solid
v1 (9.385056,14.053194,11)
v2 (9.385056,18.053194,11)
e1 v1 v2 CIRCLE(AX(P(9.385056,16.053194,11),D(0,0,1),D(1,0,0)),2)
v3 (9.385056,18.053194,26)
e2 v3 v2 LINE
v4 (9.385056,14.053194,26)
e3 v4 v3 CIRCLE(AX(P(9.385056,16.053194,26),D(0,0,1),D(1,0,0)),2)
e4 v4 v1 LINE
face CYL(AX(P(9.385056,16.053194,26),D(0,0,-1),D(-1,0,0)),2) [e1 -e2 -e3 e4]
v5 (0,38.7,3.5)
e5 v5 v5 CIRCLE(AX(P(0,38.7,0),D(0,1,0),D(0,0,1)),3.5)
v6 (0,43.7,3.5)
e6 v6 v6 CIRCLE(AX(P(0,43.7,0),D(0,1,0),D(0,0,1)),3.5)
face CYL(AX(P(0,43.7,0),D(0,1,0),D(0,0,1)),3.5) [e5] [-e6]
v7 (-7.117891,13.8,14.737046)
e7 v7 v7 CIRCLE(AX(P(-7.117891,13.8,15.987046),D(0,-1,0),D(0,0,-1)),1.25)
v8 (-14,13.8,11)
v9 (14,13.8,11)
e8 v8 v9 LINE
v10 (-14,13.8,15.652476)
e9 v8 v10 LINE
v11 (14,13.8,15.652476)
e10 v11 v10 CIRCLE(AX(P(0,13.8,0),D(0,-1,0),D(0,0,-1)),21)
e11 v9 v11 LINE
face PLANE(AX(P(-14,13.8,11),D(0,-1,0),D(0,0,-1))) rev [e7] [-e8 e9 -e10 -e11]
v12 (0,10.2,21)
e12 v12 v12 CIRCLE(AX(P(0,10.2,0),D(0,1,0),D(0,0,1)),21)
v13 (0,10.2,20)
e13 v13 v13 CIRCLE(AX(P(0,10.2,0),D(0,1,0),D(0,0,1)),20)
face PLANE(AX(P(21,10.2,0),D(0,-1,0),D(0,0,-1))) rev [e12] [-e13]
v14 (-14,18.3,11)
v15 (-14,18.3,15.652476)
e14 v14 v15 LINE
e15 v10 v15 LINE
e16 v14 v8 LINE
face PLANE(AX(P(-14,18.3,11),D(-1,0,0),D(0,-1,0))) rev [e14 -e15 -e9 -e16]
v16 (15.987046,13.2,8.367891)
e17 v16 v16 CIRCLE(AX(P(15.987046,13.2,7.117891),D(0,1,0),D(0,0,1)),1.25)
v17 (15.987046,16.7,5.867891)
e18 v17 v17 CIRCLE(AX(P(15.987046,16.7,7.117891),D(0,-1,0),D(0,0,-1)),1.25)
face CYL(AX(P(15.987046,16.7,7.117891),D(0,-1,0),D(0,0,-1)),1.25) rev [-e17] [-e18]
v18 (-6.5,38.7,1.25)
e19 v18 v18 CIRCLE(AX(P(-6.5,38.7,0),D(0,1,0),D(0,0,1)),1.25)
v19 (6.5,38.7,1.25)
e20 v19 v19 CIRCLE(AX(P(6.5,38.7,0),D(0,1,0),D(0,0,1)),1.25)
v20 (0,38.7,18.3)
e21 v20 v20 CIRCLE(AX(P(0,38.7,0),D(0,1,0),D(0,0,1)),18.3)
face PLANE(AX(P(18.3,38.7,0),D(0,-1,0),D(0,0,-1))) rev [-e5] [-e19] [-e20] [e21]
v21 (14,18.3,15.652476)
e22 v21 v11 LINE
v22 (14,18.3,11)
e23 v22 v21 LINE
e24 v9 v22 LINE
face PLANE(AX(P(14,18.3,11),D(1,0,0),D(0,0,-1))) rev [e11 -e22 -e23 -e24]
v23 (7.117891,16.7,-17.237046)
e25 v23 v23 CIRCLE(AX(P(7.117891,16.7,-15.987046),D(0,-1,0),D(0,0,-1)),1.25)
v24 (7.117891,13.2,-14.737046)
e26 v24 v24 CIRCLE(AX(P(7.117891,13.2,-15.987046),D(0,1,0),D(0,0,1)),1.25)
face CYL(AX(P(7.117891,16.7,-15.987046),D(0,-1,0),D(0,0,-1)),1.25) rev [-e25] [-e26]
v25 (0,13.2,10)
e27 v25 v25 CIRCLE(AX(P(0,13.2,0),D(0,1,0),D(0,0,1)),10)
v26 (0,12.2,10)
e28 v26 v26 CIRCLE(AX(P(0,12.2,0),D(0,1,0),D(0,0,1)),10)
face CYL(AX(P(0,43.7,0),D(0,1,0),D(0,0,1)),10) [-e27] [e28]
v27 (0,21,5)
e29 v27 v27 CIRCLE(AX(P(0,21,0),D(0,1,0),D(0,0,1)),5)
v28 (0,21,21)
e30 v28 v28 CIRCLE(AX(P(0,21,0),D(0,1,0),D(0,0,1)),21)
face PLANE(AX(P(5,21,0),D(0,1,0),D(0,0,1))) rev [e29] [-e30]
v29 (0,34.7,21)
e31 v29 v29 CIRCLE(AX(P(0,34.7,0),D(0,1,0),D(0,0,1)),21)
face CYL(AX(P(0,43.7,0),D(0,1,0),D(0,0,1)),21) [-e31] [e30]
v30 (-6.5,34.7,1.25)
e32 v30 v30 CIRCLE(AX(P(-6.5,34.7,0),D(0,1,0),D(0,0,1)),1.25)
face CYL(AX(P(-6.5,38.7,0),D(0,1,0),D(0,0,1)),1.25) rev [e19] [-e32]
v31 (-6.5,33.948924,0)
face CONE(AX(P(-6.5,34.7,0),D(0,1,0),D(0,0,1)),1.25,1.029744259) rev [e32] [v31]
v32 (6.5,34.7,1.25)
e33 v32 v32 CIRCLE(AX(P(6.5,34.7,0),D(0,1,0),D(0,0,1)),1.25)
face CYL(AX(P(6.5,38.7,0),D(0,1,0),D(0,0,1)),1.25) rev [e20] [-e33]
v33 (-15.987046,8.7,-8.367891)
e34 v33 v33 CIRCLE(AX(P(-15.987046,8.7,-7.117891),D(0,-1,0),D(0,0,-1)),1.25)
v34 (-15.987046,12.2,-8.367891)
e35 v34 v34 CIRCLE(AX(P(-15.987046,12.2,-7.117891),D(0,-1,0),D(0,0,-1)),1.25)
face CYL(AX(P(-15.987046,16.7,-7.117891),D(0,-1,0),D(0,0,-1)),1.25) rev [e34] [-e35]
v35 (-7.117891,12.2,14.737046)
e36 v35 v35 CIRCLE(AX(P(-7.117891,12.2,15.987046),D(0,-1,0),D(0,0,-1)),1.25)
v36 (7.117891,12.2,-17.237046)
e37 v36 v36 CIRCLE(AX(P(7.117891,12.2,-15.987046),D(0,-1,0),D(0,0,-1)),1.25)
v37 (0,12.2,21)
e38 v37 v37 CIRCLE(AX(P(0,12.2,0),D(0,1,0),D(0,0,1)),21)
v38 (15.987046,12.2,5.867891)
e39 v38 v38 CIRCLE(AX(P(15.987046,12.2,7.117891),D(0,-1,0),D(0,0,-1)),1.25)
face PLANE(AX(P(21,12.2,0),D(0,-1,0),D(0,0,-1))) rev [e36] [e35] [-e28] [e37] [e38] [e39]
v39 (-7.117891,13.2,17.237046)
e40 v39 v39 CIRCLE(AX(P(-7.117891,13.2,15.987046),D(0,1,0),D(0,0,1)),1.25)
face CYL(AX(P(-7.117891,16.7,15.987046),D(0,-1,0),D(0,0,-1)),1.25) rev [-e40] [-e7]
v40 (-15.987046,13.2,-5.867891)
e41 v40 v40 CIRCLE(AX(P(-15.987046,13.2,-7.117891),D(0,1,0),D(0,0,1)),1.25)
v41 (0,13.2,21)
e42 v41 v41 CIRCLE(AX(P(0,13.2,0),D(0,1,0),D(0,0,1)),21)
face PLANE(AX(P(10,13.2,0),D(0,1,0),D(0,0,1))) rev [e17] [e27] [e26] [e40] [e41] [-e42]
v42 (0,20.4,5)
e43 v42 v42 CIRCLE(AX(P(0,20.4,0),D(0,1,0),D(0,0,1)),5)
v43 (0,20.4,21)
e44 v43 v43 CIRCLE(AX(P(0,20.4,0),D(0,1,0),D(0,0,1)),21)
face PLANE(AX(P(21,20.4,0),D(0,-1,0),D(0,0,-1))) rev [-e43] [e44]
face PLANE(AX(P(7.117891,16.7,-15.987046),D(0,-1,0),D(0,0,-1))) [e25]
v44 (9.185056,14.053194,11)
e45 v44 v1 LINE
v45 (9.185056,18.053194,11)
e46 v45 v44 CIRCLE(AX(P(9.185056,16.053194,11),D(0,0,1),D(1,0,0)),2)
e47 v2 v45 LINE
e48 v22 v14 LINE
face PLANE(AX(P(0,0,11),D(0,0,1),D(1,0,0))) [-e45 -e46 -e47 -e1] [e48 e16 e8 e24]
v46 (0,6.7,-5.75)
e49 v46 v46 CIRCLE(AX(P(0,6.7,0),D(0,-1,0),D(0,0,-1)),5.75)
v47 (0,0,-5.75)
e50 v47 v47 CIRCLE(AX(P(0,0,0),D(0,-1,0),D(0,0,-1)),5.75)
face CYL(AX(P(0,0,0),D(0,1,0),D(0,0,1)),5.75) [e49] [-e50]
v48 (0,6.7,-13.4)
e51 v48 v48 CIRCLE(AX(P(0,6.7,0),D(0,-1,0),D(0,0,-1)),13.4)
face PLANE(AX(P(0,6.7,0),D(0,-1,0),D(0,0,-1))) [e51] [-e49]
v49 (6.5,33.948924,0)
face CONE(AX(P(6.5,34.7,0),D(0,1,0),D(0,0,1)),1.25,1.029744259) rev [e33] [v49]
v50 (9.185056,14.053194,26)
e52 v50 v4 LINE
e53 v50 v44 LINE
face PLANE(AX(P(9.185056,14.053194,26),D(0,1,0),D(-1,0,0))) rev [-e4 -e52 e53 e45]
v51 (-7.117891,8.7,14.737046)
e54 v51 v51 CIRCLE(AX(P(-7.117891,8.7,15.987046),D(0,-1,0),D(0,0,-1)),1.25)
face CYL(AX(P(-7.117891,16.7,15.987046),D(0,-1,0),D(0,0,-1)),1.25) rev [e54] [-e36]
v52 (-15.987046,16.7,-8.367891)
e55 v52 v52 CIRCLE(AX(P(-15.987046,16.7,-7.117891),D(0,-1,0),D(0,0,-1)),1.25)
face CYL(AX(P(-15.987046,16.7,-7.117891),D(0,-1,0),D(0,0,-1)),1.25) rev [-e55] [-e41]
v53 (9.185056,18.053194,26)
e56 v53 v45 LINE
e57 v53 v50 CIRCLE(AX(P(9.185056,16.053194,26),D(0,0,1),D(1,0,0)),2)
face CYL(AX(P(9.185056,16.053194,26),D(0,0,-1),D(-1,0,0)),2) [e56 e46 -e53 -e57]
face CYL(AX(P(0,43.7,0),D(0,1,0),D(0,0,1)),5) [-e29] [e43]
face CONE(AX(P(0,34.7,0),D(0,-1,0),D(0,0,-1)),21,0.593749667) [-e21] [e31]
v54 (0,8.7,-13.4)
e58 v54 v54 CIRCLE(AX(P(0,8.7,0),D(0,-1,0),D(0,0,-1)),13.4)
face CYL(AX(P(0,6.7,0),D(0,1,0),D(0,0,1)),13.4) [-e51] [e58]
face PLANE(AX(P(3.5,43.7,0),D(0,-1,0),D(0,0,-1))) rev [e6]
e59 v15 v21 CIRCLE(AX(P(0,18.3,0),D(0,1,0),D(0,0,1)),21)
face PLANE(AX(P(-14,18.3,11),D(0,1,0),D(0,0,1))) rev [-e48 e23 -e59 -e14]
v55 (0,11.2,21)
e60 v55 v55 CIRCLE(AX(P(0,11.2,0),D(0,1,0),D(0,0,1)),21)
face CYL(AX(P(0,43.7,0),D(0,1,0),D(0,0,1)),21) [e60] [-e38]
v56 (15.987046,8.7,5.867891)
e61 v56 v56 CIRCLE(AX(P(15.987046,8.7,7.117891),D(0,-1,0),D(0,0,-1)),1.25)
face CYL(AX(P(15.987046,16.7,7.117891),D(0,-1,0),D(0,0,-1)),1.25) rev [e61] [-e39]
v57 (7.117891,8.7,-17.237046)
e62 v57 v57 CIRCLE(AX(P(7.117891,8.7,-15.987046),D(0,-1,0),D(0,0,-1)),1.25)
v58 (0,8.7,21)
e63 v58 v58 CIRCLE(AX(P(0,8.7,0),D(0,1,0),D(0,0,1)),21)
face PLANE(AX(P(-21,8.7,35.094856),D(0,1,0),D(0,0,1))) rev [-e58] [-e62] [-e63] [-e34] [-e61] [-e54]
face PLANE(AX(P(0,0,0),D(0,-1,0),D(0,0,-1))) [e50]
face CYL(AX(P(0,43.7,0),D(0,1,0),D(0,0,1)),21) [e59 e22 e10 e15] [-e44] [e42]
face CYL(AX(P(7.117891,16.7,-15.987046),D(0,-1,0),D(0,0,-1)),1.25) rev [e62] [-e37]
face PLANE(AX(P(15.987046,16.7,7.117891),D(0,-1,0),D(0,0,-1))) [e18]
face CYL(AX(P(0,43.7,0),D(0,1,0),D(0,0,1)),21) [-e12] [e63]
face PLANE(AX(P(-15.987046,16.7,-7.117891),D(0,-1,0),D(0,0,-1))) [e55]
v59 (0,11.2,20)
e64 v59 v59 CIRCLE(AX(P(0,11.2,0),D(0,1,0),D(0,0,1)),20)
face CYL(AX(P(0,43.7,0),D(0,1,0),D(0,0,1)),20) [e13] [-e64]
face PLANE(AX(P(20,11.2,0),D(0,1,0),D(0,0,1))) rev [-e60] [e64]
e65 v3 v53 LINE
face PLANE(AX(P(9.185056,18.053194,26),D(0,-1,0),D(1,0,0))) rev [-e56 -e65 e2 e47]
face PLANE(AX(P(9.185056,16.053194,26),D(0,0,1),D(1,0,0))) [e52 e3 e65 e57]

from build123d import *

# Parameters (mm, degrees)
SKETCH_2_W               = 28
SKETCH_2_H               = 4.5
CUT_EXTRUDE_1_DEPTH      = 10
EXTRUDE_1_DEPTH          = 15
HOLE_WIZARD_M3_1_D       = 2.5
HOLE_WIZARD_M3_1_DEPTH   = 4
HOLE_WIZARD_M3_1_TIP     = 0.751075774
CUT_EXTRUDE_2_DEPTH      = 20
HOLE_WIZARD_M4_1_D       = 3.3
HOLE_WIZARD_M4_1_DEPTH   = 10.1
HOLE_WIZARD_M4_1_TIP     = 0.991420021
HOLE_WIZARD_M3_2_D       = 2.5
HOLE_WIZARD_M5_1_D       = 4.2
HOLE_WIZARD_M5_1_DEPTH   = 14
HOLE_WIZARD_M5_1_TIP     = 1.2618073
SKETCH_17_W              = 73.774963695
SKETCH_17_H              = 83.233292373
CUT_EXTRUDE_3_DEPTH      = 22
CUT_EXTRUDE_3_DEPTH_BACK = 22
SKETCH_18_R              = 13.4
EXTRUDE_2_DEPTH          = 2
SKETCH_19_R              = 5.75
EXTRUDE_3_DEPTH          = 6.7
SKETCH_20_R              = 1.25
CUT_EXTRUDE_4_DEPTH      = 8


with BuildPart() as part:
    # 草图1 → 旋转1 (revolve)
    with BuildSketch(Plane.XY):
        Polygon((0, 0), (4.1, 0), (4.1, 6.7), (13.4, 6.7), (13.4, 8.7), (21, 8.7), (21, 10.2), (20, 10.2), (20, 11.2), (21, 11.2), (21, 12.2), (10, 12.2), (10, 13.2), (21, 13.2), (21, 20.4), (5, 20.4), (5, 21), (21, 21), (21, 34.7), (18.3, 38.7), (3.5, 38.7), (3.5, 43.7), (0, 43.7), align=None)
    revolve(axis=Axis((0, 43.7, 0), (0, -1, 0)))

    # 草图2 → 切除-拉伸1 (cut)
    with BuildSketch(Plane.XY.offset(21)):
        with Locations((0, 16.05)):
            Rectangle(SKETCH_2_W, SKETCH_2_H)
    extrude(amount=-CUT_EXTRUDE_1_DEPTH, mode=Mode.SUBTRACT)

    # 草图3 → 凸台-拉伸1 (add)
    with BuildSketch(Plane.XY.offset(11)):
        with BuildLine():
            Line((9.185056323, 18.053194417), (9.385056323, 18.053194417))
            ThreePointArc((9.385056323, 18.053194417), (11.385056323, 16.053194417), (9.385056323, 14.053194417))
            Line((9.385056323, 14.053194417), (9.185056323, 14.053194417))
            ThreePointArc((9.185056323, 14.053194417), (7.185056323, 16.053194417), (9.185056323, 18.053194417))
        make_face()
    extrude(amount=EXTRUDE_1_DEPTH)

    # M3 螺纹孔1
    with Locations(Plane(origin=(0, 38.7, 0), x_dir=(1, 0, 0), z_dir=(0, 1, 0))):
        with Locations((-6.5, 0), (6.5, 0)):
            Hole(HOLE_WIZARD_M3_1_D / 2, depth=HOLE_WIZARD_M3_1_DEPTH)
            with Locations((0, 0, -(HOLE_WIZARD_M3_1_DEPTH + HOLE_WIZARD_M3_1_TIP / 2))):  # 118° drill point
                Cone(0, HOLE_WIZARD_M3_1_D / 2, HOLE_WIZARD_M3_1_TIP, mode=Mode.SUBTRACT)

    # 草图7 → 旋转2 (revolve)
    with BuildSketch(Plane.XY):
        Polygon((0, -54.6), (5, -54.6), (5, -30.5), (8.275, -30.5), (8.275, -29.6), (13, -29.6), (13, -27.6), (21, -27.6), (21, 8.7), (0, 8.7), align=None)
    revolve(axis=Axis((0, 8.7, 0), (0, -1, 0)))

    # 草图8 → 切除-拉伸2 (cut)
    with BuildSketch(Plane.XZ.offset(54.6)):
        with BuildLine():
            Line((-3, 4), (3, 4))
            ThreePointArc((3, 4), (0, 5), (-3, 4))
        make_face()
    extrude(amount=-CUT_EXTRUDE_2_DEPTH, mode=Mode.SUBTRACT)

    # M4 螺纹孔1
    with Locations(Plane(origin=(0, -27.6, 0), x_dir=(-1, 0, 0), z_dir=(0, -1, 0))):
        with Locations((17.5, 0), (0, -17.5), (-17.5, 0), (0, 17.5)):
            Hole(HOLE_WIZARD_M4_1_D / 2, depth=HOLE_WIZARD_M4_1_DEPTH)
            with Locations((0, 0, -(HOLE_WIZARD_M4_1_DEPTH + HOLE_WIZARD_M4_1_TIP / 2))):  # 118° drill point
                Cone(0, HOLE_WIZARD_M4_1_D / 2, HOLE_WIZARD_M4_1_TIP, mode=Mode.SUBTRACT)

    # M3 螺纹孔2 (through all)
    with Locations(Plane(origin=(0, -44.6, 4), x_dir=(1, 0, 0), z_dir=(0, 0, 1))):
        with Locations((0, 0)):
            Hole(HOLE_WIZARD_M3_2_D / 2)

    # M5 螺纹孔1
    with Locations(Plane(origin=(0, -54.6, 0), x_dir=(-1, 0, 0), z_dir=(0, -1, 0))):
        with Locations((0, 0)):
            Hole(HOLE_WIZARD_M5_1_D / 2, depth=HOLE_WIZARD_M5_1_DEPTH)
            with Locations((0, 0, -(HOLE_WIZARD_M5_1_DEPTH + HOLE_WIZARD_M5_1_TIP / 2))):  # 118° drill point
                Cone(0, HOLE_WIZARD_M5_1_D / 2, HOLE_WIZARD_M5_1_TIP, mode=Mode.SUBTRACT)

    # 草图17 → 切除-拉伸3 (cut, two sides)
    with BuildSketch(Plane(origin=(0, 0, 0), x_dir=(0, 0, -1), z_dir=(1, 0, 0))) as cut_extrude_3_sk:
        with Locations((1.792626092, -32.916646187)):
            Rectangle(SKETCH_17_W, SKETCH_17_H)
    extrude(amount=CUT_EXTRUDE_3_DEPTH, mode=Mode.SUBTRACT)
    extrude(cut_extrude_3_sk.sketch, amount=-CUT_EXTRUDE_3_DEPTH_BACK, mode=Mode.SUBTRACT)

    # 草图18 → 凸台-拉伸2 (add)
    with BuildSketch(Plane.XZ.offset(-8.7)):
        Circle(SKETCH_18_R)
    extrude(amount=EXTRUDE_2_DEPTH)

    # 草图19 → 凸台-拉伸3 (add)
    with BuildSketch(Plane.XZ.offset(-6.7)):
        Circle(SKETCH_19_R)
    extrude(amount=EXTRUDE_3_DEPTH)

    # 草图20 → 切除-拉伸4 (cut)
    with BuildSketch(Plane.XZ.offset(-8.7)):
        with Locations((-7.117891254, 15.987045509)):
            Circle(SKETCH_20_R)
        with Locations((15.987045509, 7.117891254)):
            Circle(SKETCH_20_R)
        with Locations((7.117891254, -15.987045509)):
            Circle(SKETCH_20_R)
        with Locations((-15.987045509, -7.117891254)):
            Circle(SKETCH_20_R)
    extrude(amount=-CUT_EXTRUDE_4_DEPTH, mode=Mode.SUBTRACT)


solid = part.part
